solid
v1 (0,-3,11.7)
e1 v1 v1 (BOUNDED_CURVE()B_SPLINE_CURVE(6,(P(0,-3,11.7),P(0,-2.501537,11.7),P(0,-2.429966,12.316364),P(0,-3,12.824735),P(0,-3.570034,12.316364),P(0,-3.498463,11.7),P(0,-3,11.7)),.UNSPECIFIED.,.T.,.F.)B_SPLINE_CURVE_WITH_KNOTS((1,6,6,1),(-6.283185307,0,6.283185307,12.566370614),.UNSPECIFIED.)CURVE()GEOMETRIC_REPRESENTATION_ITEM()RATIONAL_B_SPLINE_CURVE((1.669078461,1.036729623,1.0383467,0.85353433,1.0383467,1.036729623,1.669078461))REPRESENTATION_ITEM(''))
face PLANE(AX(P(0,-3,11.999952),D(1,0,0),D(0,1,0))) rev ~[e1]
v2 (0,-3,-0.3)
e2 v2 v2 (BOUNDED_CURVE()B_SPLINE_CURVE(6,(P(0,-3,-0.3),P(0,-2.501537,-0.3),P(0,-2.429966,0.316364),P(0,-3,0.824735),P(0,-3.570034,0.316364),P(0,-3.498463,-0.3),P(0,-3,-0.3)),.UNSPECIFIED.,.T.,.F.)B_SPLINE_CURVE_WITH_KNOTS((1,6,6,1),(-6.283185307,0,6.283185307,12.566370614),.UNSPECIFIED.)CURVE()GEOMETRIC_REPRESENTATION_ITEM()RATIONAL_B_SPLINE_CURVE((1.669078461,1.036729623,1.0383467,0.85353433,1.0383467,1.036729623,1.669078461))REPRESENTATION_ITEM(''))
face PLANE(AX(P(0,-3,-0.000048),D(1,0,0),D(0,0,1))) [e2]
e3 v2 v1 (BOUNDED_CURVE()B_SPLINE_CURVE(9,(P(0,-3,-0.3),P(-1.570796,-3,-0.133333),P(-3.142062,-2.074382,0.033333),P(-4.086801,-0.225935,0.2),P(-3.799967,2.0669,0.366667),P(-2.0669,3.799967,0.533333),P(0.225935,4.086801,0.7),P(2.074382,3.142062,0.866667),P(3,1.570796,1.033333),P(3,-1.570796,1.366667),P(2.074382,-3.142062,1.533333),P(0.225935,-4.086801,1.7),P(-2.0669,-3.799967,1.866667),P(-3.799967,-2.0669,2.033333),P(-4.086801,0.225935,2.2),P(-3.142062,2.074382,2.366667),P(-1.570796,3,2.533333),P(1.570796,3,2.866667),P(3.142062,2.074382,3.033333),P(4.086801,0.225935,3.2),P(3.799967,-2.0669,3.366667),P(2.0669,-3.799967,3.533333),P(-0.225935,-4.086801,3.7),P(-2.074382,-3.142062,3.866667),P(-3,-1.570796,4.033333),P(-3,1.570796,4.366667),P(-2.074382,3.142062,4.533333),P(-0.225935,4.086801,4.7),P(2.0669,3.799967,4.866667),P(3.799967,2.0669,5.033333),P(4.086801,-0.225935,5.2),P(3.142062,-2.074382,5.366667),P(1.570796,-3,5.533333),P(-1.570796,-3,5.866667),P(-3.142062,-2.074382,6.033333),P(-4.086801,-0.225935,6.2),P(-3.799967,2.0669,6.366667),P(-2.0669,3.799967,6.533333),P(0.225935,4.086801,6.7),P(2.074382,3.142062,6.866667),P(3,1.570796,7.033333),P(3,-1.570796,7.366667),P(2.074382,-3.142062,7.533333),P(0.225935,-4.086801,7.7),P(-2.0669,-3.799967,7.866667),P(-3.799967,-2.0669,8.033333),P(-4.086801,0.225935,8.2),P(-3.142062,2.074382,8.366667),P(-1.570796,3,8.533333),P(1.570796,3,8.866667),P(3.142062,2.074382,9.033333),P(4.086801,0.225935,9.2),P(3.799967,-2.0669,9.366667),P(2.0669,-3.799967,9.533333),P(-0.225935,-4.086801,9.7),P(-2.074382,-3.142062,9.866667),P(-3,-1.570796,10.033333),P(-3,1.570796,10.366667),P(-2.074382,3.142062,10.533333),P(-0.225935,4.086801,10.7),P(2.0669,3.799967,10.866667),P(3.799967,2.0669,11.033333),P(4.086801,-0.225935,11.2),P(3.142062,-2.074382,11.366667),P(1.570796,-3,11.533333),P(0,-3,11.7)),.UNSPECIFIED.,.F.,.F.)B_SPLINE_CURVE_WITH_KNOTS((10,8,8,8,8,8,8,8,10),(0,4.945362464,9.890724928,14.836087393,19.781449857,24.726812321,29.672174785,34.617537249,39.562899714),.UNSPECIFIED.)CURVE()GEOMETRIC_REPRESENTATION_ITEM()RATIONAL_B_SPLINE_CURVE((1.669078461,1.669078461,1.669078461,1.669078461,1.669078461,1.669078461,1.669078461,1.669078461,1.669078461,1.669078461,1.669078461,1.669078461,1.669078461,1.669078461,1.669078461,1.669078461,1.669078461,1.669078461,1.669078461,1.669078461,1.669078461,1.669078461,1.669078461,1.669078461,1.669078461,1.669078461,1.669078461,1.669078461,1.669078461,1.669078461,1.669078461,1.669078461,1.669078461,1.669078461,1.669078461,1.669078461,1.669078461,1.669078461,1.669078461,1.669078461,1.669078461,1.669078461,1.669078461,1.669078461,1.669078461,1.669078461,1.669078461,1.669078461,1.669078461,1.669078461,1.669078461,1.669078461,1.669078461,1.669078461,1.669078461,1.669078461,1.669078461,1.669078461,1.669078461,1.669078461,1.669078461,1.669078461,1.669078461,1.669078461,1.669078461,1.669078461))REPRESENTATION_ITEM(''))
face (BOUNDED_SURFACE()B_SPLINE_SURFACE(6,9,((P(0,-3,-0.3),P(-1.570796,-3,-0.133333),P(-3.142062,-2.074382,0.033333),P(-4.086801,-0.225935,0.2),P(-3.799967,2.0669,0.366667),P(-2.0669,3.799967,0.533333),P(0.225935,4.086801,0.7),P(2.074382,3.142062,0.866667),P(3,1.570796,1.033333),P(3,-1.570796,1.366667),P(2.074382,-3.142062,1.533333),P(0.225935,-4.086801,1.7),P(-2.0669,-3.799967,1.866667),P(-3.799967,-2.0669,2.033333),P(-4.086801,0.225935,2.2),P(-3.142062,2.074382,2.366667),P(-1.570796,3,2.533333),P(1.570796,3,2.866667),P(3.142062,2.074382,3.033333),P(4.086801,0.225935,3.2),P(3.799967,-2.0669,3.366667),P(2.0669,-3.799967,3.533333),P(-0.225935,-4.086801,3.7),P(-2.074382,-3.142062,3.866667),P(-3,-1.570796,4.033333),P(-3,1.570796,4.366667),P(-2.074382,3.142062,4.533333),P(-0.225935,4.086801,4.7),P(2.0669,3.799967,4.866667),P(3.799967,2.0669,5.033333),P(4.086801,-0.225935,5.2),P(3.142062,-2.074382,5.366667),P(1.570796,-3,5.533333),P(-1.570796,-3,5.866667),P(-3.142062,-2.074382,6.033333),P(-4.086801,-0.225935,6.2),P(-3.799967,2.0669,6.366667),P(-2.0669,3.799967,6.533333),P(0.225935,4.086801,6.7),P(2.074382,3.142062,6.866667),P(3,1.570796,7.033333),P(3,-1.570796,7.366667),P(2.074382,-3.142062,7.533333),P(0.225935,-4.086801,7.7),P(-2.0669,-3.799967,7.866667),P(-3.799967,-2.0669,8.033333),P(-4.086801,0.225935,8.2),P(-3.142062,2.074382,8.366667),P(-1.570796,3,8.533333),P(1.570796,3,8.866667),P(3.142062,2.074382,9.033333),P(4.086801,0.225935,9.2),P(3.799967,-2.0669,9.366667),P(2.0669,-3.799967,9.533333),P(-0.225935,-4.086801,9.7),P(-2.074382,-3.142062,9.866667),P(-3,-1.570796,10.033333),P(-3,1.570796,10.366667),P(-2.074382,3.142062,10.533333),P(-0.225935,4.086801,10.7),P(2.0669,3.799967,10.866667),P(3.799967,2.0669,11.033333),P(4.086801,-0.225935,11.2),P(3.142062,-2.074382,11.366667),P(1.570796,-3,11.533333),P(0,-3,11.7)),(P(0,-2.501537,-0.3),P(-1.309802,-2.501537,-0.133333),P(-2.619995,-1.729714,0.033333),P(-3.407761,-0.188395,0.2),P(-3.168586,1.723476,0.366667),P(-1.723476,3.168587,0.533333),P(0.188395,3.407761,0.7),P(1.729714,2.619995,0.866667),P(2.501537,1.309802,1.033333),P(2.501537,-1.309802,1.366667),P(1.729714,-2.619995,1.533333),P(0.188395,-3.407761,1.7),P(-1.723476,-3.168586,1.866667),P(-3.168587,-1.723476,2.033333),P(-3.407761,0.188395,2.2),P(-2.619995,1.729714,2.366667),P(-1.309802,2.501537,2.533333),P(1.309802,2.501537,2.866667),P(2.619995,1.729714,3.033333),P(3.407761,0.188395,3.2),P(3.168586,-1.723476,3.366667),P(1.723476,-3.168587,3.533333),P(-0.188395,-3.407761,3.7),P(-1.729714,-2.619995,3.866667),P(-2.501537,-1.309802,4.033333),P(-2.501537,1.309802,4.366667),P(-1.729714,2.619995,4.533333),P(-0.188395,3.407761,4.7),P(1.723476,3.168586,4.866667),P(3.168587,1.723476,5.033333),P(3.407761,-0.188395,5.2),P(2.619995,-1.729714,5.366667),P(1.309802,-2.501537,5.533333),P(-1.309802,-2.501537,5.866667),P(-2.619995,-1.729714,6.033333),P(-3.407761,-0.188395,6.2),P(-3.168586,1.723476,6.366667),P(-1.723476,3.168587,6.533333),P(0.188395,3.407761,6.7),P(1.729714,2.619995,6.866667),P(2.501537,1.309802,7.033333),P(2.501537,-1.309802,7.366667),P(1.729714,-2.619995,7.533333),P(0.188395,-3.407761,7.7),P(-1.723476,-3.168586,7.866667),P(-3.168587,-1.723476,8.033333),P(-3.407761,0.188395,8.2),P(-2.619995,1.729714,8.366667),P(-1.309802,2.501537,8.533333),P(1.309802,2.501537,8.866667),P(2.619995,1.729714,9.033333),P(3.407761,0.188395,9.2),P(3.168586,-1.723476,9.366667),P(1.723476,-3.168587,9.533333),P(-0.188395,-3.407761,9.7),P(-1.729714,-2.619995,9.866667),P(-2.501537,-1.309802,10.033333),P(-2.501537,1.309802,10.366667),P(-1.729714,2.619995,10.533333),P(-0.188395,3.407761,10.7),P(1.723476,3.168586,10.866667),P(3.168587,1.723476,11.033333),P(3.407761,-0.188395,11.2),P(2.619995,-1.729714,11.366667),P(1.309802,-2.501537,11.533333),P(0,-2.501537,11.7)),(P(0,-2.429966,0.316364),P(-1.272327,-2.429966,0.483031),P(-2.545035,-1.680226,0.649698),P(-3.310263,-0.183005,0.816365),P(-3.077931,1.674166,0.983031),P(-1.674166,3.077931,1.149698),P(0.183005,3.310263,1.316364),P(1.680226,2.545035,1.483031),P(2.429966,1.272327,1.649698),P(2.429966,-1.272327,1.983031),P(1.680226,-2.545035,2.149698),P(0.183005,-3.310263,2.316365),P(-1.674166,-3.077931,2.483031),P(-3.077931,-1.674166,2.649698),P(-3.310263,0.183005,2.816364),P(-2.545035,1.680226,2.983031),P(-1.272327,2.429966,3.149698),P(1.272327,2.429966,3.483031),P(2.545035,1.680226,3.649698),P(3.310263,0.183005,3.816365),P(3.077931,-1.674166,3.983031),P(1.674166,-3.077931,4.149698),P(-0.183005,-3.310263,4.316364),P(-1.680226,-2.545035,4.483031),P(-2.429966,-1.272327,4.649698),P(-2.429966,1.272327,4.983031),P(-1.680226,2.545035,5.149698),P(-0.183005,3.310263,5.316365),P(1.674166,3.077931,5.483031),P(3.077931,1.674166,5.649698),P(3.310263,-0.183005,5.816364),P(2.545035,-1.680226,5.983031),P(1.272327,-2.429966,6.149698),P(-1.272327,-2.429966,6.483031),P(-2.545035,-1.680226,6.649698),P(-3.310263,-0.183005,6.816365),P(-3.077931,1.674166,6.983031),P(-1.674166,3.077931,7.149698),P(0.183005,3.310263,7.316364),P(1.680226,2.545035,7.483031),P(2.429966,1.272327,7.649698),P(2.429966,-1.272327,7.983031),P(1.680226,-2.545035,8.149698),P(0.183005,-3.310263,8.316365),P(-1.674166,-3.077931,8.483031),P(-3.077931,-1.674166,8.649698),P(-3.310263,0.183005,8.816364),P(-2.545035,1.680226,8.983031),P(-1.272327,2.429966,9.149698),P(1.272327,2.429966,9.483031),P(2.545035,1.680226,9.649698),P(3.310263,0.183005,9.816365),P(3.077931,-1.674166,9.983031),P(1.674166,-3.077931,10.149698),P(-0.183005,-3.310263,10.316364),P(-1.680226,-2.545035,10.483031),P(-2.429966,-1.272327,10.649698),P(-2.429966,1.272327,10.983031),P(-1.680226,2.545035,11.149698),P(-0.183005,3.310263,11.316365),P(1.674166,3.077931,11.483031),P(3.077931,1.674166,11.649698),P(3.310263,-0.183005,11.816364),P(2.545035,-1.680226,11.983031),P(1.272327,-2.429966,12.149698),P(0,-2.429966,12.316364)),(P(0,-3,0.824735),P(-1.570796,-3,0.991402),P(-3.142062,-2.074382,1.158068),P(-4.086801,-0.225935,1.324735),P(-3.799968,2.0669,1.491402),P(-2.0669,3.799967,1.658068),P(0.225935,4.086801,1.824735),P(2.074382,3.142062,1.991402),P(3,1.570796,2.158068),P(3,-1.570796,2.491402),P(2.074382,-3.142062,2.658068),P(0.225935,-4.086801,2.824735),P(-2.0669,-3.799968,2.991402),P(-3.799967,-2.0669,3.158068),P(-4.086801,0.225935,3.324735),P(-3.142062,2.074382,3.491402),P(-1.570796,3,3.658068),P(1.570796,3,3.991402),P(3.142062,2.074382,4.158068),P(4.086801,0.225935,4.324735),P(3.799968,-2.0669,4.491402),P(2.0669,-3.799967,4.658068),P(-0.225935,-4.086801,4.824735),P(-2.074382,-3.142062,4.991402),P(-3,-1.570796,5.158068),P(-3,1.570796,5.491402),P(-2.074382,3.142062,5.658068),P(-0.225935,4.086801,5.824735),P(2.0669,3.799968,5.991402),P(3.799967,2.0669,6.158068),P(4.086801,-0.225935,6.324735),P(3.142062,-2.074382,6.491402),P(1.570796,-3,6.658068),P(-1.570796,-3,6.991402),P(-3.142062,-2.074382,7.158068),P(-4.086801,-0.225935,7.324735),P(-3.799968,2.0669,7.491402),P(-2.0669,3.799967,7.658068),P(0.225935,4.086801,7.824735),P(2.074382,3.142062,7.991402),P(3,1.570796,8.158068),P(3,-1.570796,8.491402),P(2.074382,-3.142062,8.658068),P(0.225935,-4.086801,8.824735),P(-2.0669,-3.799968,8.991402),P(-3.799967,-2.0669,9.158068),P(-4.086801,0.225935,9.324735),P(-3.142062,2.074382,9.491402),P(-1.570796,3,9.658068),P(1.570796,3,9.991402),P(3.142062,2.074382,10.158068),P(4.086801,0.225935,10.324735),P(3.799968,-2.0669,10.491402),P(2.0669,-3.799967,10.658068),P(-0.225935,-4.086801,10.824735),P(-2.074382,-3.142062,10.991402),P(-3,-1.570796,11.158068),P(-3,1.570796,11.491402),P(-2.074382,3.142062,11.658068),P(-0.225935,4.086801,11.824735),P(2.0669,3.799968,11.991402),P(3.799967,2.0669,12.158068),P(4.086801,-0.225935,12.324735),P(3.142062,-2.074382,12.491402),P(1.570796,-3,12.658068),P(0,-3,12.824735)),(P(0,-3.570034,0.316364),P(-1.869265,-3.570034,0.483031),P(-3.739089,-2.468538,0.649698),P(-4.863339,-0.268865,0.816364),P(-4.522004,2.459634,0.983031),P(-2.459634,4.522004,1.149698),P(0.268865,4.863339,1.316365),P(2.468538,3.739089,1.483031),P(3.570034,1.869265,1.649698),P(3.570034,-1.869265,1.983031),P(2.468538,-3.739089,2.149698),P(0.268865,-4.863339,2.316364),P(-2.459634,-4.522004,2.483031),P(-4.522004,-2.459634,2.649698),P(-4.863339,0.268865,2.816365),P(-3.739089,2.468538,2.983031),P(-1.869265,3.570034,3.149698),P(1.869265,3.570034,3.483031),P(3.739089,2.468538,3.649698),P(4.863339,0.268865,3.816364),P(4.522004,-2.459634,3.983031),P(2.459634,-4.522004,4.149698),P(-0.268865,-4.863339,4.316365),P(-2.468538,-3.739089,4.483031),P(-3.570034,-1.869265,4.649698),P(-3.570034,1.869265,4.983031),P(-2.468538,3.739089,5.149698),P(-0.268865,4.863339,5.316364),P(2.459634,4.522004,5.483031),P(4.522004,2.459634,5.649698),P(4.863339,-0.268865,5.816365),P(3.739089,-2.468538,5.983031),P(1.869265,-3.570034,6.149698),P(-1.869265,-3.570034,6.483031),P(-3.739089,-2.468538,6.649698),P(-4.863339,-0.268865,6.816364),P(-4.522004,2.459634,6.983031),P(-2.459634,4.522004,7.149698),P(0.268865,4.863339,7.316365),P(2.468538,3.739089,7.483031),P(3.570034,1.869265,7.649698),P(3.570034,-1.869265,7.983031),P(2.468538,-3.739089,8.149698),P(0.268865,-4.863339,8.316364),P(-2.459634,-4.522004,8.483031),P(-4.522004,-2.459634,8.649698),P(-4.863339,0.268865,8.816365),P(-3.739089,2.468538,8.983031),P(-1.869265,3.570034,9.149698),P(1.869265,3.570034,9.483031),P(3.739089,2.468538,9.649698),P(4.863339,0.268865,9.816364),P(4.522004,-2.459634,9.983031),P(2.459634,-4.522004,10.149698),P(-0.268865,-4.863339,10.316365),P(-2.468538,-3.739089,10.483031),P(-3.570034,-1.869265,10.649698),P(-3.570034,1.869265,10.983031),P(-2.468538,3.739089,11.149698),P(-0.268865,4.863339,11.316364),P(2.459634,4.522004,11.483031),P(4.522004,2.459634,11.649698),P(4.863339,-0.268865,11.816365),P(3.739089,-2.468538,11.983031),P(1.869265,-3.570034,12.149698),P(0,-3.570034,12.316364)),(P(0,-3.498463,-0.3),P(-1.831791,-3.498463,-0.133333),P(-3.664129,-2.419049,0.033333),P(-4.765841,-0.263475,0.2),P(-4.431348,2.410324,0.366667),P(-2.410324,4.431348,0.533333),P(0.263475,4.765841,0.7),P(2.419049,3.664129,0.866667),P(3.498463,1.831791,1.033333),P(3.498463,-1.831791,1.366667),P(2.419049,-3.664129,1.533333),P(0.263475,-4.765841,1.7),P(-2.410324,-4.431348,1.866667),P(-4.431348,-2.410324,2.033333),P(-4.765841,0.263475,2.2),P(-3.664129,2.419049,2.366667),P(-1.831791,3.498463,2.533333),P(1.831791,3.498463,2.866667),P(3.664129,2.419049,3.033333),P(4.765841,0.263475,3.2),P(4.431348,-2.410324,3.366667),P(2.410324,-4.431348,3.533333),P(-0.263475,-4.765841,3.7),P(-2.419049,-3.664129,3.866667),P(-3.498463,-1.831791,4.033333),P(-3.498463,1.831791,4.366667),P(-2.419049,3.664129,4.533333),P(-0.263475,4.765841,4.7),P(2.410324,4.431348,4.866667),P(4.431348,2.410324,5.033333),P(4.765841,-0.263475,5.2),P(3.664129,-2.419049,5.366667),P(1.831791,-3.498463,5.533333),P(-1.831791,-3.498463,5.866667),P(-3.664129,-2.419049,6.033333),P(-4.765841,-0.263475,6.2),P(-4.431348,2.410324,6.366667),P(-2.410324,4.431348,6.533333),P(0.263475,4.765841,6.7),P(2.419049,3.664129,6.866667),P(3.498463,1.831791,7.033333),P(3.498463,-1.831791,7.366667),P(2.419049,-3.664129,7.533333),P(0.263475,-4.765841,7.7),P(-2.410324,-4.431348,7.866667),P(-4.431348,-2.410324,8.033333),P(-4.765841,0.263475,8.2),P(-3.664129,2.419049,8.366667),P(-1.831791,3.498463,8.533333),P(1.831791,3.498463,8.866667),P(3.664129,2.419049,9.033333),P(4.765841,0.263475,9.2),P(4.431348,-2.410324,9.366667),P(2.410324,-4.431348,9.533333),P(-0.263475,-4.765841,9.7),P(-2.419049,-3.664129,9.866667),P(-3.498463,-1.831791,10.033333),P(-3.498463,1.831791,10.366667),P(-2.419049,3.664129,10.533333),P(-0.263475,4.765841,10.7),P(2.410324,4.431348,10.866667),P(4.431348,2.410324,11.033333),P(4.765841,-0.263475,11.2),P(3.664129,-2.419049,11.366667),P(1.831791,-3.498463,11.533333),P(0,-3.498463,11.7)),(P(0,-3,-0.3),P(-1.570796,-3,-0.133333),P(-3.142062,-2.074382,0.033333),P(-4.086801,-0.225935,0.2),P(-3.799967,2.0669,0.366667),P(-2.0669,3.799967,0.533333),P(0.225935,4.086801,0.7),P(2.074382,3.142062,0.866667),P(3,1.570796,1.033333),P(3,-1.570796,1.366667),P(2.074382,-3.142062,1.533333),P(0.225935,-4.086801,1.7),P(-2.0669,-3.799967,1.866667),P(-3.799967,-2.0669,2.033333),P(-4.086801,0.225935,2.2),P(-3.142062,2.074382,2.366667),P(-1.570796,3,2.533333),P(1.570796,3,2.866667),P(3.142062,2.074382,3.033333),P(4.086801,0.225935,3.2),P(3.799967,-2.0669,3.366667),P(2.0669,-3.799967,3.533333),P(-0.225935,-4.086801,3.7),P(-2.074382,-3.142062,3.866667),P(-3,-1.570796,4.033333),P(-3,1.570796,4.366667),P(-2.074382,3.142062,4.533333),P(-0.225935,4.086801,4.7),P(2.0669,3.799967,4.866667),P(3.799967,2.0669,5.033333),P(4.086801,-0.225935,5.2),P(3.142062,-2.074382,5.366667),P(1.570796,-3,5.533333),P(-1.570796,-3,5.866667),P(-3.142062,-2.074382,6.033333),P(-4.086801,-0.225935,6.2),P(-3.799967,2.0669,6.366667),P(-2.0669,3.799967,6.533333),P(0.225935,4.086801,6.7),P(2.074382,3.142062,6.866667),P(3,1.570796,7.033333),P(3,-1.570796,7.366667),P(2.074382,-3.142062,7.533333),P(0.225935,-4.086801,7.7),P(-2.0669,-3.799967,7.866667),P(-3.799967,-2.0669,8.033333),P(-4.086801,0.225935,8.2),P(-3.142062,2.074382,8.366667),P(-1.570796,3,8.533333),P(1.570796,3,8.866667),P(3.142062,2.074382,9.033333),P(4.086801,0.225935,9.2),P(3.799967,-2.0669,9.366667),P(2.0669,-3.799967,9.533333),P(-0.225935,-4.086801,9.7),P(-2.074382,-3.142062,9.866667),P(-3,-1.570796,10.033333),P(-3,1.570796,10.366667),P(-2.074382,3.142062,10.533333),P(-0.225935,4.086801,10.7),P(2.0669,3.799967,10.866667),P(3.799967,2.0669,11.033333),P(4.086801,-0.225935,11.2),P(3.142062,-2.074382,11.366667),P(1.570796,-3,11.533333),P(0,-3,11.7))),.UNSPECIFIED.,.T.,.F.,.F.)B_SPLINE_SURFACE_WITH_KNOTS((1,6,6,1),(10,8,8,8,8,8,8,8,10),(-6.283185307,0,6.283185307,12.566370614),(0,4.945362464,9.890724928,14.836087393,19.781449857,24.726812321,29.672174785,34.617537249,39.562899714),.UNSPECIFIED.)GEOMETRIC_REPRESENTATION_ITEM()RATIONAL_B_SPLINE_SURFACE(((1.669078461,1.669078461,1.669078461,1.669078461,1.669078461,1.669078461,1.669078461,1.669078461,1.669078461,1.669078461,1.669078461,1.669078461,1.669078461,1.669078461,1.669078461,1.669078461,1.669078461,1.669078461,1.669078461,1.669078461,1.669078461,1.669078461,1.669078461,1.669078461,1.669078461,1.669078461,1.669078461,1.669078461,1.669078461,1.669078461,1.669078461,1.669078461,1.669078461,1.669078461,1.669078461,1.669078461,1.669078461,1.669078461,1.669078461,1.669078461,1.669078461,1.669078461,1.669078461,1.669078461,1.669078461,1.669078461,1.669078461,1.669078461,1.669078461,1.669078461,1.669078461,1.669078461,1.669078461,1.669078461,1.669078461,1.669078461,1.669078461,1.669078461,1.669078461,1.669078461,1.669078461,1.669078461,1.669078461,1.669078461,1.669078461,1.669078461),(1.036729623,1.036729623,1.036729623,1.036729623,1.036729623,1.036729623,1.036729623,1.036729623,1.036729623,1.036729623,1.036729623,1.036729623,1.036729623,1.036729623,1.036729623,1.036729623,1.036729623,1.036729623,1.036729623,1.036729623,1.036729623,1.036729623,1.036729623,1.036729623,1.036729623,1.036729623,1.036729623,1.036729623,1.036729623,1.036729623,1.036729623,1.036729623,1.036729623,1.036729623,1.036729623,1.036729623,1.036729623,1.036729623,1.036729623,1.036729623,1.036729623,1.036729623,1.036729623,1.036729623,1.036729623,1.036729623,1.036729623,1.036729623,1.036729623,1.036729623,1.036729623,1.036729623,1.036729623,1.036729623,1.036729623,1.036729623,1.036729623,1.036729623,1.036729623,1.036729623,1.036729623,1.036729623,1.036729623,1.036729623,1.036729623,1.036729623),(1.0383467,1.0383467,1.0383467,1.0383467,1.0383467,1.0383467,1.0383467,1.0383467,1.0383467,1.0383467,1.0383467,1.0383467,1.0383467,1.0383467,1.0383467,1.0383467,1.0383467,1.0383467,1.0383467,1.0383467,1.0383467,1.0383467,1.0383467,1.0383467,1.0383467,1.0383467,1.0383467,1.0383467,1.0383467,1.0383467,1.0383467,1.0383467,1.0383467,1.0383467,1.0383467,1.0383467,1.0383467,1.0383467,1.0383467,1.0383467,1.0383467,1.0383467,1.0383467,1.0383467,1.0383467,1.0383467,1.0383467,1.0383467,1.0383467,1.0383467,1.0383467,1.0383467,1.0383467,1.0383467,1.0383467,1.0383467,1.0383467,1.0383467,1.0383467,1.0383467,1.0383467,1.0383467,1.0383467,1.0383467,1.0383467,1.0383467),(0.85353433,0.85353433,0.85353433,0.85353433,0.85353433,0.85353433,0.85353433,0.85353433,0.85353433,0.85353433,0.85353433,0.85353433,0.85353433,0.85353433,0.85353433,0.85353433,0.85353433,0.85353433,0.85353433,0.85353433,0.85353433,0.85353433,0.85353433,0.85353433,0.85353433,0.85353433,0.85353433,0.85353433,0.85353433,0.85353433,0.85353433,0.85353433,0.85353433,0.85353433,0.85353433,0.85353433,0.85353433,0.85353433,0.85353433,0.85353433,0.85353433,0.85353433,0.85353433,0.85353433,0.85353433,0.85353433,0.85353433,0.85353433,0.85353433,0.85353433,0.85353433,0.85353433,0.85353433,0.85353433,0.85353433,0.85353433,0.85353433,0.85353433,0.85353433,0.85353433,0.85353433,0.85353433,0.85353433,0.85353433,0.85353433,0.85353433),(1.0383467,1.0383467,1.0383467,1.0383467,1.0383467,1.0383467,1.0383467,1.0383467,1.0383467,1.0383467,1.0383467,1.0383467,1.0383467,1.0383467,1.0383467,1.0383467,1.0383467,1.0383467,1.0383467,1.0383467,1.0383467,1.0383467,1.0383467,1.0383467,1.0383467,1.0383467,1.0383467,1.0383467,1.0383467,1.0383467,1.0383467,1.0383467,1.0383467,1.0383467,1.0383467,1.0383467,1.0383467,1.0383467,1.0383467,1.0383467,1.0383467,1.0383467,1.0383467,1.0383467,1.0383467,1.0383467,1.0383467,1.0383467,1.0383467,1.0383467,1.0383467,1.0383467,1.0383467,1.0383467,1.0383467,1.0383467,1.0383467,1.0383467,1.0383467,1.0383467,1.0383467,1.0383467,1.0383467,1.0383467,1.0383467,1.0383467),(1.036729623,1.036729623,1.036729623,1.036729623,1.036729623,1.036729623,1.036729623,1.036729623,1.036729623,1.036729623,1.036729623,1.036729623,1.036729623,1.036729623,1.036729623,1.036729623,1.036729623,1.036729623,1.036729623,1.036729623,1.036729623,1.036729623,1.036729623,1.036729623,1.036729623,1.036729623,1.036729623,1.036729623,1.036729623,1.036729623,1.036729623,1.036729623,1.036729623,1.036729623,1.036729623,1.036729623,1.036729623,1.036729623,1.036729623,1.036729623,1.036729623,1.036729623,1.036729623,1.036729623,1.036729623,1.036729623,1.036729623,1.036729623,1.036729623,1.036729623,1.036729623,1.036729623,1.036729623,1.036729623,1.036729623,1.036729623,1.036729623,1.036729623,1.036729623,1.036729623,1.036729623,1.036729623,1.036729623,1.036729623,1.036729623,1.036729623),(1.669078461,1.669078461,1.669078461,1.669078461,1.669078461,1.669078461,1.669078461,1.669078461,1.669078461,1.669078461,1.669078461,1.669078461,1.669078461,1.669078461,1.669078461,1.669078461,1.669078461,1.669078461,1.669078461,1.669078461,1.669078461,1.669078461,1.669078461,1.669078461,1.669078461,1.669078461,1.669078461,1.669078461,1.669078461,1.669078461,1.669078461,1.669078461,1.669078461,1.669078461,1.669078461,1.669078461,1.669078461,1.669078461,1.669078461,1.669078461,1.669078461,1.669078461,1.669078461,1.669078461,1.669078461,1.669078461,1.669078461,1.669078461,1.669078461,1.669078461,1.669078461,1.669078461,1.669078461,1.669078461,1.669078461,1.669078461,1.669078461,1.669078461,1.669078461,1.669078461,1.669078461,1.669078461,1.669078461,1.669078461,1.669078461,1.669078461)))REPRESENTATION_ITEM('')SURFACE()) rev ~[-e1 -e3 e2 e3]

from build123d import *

# Parameters (mm, degrees)
SWEEP1_PITCH       = 2
SWEEP1_HEIGHT      = 12
SWEEP1_RADIUS      = 3
SWEEP1_START_ANGLE = -90
SKETCH4_R          = 0.3


with BuildPart() as part:
    # Sweep1: sweep along a helix
    with BuildLine() as sweep1_path:
        add(Helix(SWEEP1_PITCH, SWEEP1_HEIGHT, SWEEP1_RADIUS, center=(0, 0, 0), direction=(0, 0, 1), lefthand=True, mode=Mode.PRIVATE).rotate(Axis((0, 0, 0), (0, 0, 1)), SWEEP1_START_ANGLE))
    # Sketch4 → Sweep1 (sweep)
    with BuildSketch(Plane(origin=(0, 0, 0), x_dir=(0, 0, -1), z_dir=(1, 0, 0))):
        with Locations((0, -3)):
            Circle(SKETCH4_R)
    sweep(path=sweep1_path.line, is_frenet=True)


solid = part.part
